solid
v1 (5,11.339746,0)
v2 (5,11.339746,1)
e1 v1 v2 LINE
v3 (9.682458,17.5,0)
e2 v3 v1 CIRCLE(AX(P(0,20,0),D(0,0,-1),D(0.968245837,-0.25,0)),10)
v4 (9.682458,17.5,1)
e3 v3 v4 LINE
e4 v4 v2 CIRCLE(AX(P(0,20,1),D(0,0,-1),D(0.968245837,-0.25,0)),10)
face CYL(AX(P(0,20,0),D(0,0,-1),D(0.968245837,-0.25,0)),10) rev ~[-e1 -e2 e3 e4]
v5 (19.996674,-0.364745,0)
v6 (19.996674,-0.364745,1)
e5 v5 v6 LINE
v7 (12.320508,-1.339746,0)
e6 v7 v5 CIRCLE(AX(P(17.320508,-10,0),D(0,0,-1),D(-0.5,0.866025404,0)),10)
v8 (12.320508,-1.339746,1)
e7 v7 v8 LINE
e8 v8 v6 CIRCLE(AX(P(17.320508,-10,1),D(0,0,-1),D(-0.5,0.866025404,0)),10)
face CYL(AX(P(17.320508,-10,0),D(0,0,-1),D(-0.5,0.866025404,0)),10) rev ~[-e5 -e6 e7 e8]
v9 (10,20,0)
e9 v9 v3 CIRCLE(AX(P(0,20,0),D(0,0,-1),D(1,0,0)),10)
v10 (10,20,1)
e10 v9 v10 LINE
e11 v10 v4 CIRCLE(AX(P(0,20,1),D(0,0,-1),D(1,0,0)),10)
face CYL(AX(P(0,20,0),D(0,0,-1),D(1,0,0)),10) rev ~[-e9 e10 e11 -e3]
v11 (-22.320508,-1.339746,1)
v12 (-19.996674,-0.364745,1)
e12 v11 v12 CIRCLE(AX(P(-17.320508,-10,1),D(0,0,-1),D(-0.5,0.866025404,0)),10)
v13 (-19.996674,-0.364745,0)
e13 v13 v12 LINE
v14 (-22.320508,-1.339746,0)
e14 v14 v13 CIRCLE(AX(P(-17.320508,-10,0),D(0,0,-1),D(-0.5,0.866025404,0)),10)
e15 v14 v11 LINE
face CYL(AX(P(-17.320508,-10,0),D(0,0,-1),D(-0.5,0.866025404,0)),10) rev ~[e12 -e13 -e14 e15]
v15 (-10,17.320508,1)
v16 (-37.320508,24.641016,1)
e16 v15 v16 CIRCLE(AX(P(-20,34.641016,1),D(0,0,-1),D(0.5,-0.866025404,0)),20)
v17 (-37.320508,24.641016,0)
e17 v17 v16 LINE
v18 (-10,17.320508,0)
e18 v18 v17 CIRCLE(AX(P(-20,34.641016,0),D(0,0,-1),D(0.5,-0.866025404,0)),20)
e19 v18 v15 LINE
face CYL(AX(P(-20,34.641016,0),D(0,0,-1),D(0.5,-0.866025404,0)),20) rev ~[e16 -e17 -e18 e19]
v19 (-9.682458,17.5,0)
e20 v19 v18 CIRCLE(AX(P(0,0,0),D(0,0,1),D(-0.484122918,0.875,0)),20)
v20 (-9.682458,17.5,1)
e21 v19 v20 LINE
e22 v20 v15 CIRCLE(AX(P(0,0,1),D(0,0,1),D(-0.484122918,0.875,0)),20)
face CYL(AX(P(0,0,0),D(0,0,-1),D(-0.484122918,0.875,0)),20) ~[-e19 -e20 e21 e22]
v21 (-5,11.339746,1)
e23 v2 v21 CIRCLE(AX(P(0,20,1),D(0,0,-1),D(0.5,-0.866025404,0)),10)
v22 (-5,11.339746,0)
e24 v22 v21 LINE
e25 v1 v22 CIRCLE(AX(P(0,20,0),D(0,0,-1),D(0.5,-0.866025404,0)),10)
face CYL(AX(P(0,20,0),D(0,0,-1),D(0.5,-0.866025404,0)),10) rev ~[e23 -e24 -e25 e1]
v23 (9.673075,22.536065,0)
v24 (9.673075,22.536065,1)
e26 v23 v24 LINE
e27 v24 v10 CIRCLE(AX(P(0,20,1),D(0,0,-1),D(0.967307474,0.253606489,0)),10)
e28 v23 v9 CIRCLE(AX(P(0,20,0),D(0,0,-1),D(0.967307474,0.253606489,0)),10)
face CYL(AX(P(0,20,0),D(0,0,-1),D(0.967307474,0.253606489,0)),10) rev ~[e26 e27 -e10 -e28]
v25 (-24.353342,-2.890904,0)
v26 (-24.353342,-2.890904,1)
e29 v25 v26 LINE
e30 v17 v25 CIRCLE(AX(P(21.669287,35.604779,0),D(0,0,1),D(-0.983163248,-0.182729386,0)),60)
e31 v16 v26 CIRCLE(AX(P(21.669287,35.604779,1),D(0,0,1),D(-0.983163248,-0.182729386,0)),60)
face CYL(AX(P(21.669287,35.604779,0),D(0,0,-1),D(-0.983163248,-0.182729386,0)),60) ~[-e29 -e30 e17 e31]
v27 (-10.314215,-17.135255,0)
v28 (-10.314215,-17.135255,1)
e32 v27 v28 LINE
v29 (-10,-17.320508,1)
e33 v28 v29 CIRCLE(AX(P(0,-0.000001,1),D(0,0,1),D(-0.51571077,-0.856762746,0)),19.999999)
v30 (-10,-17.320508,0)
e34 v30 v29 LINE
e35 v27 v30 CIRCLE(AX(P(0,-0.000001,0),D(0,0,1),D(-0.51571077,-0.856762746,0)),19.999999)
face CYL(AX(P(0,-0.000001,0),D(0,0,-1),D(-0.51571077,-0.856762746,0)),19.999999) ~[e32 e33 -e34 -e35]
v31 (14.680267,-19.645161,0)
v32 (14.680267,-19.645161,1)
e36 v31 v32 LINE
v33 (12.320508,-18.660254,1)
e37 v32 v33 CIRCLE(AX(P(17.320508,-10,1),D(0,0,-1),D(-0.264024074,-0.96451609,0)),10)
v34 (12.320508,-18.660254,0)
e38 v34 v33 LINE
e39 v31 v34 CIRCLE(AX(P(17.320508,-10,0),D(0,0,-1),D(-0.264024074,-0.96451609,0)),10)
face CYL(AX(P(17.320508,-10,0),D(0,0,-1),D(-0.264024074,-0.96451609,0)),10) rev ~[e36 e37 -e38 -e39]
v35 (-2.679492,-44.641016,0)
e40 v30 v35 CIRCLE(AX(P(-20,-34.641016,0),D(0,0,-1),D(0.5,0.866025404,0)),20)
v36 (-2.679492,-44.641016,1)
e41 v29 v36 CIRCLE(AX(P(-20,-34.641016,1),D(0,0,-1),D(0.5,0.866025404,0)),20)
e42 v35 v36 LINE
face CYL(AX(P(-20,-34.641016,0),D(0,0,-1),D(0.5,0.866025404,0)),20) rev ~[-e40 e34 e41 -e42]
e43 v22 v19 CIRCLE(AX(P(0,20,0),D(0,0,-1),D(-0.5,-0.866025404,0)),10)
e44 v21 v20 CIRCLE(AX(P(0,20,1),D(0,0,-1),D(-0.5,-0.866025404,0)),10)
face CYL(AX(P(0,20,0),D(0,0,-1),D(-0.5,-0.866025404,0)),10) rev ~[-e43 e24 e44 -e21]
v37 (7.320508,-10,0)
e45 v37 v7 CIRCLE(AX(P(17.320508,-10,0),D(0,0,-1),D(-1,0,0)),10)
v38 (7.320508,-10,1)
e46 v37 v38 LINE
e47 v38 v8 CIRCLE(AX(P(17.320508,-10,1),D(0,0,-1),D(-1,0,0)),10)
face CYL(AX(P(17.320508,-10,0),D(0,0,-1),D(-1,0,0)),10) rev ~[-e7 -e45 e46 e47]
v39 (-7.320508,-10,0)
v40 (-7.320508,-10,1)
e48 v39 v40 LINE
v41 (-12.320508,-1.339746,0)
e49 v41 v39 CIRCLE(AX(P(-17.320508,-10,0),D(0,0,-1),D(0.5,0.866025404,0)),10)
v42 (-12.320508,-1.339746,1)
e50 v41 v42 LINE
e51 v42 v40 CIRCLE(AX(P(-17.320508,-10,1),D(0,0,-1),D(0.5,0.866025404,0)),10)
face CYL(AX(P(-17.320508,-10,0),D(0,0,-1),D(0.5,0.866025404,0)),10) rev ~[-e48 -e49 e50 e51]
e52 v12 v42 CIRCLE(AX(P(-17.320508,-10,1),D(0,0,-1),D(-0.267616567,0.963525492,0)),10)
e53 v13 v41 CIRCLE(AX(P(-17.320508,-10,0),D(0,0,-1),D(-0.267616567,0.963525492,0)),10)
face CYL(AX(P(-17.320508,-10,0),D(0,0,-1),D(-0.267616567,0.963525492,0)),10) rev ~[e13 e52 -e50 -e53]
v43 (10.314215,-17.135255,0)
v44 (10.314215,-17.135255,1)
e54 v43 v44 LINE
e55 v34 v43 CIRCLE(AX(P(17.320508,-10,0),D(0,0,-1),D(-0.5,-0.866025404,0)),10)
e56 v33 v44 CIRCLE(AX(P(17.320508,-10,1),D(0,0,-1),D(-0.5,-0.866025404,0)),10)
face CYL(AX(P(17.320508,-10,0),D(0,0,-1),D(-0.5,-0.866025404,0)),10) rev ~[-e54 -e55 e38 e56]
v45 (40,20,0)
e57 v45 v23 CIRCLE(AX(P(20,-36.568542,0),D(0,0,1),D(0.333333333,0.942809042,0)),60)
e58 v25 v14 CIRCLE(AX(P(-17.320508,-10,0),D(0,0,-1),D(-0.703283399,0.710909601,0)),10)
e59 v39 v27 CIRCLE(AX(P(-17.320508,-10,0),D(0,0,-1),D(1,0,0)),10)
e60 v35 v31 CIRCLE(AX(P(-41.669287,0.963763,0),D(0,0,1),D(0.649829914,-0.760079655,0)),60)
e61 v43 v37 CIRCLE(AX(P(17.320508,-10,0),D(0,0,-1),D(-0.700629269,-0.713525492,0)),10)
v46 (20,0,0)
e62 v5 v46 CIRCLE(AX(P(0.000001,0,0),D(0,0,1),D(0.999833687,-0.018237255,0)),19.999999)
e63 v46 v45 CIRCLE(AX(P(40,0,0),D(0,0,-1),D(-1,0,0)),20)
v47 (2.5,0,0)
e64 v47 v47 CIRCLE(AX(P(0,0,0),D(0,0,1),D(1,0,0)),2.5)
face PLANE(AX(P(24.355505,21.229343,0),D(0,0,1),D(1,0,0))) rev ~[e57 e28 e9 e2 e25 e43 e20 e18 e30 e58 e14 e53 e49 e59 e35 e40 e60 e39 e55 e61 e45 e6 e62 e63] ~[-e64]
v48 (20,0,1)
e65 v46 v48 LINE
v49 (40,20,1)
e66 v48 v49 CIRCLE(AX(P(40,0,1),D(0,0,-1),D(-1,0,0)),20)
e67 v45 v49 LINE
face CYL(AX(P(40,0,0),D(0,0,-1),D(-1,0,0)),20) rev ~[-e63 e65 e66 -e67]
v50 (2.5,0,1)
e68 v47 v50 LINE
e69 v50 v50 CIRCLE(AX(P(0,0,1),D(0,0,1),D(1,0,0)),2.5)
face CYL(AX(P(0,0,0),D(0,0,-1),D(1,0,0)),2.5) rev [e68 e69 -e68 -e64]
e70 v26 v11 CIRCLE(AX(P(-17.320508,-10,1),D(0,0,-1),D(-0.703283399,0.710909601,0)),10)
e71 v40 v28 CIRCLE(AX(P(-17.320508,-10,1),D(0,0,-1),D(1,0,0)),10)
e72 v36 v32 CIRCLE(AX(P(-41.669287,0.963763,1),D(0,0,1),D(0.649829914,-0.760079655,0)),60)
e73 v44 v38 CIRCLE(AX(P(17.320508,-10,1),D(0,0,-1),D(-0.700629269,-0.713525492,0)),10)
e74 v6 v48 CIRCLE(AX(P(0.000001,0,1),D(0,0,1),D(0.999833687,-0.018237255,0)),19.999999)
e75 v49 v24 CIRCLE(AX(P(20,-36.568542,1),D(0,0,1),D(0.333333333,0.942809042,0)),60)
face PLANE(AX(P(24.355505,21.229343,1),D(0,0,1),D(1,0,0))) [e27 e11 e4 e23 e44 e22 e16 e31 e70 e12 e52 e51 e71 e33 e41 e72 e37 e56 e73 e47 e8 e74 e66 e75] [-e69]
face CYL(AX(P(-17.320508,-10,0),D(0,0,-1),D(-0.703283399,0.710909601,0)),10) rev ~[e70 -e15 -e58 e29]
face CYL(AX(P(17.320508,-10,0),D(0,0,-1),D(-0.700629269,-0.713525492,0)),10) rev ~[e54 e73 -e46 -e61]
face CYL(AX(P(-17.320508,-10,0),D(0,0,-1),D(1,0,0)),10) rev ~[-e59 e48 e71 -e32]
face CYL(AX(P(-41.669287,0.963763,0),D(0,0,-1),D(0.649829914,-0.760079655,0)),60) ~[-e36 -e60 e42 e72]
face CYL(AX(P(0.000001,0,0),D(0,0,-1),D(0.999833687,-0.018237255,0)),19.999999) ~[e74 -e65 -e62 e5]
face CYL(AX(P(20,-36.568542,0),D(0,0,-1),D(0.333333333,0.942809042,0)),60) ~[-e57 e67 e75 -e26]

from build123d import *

# Parameters (mm, degrees)
F0_R     = 2.5
F1_DEPTH = 1


with BuildPart() as f1:
    # F0 (on Top) → F1 (new body)
    with BuildSketch(Plane.XY):
        with BuildLine():
            Line((10, 20), (40, 20))
            ThreePointArc((40, 20), (25, 23.2227612206), (9.6730747363, 22.536064894))
            ThreePointArc((9.6730747363, 22.536064894), (9.9179319256, 21.2785250559), (10, 20))
        make_face()
        with BuildLine():
            ThreePointArc((14.6802673314, -19.6451609013), (13.4687772907, -19.2284435286), (12.3205080757, -18.6602540378))
            Line((12.3205080757, -18.6602540378), (-2.6794919243, -44.6410161514))
            ThreePointArc((-2.6794919243, -44.6410161514), (7.611501163, -33.2620157049), (14.6802673314, -19.6451609013))
        make_face()
        with BuildLine():
            Line((-22.3205080757, -1.3397459622), (-37.3205080757, 24.6410161514))
            ThreePointArc((-37.3205080757, 24.6410161514), (-32.611501163, 10.0392544843), (-24.3533420677, -2.8909039927))
            ThreePointArc((-24.3533420677, -2.8909039927), (-23.3867092163, -2.0500815274), (-22.3205080757, -1.3397459622))
        make_face()
        with BuildLine():
            ThreePointArc((9.6824583655, 17.5), (17.2285978436, 10.1575300317), (20, 0))
            ThreePointArc((20, 0), (25.8578643763, 14.1421356237), (40, 20))
            Line((40, 20), (10, 20))
            ThreePointArc((10, 20), (9.9202969627, 18.7399570752), (9.6824583655, 17.5))
        make_face()
        with BuildLine():
            ThreePointArc((-19.996673749, -0.3647450844), (-17.4109779689, 9.8416383883), (-10, 17.3205080757))
            ThreePointArc((-10, 17.3205080757), (-25.1763809021, 15.3224996256), (-37.3205080757, 24.6410161514))
            Line((-37.3205080757, 24.6410161514), (-22.3205080757, -1.3397459622))
            ThreePointArc((-22.3205080757, -1.3397459622), (-21.1894273743, -0.7787493548), (-19.996673749, -0.3647450844))
        make_face()
        with BuildLine():
            ThreePointArc((12.3205080757, -18.6602540378), (11.2691304116, -17.9612077203), (10.3142153835, -17.1352549156))
            ThreePointArc((10.3142153835, -17.1352549156), (0.1823801254, -19.99916842), (-10, -17.3205080757))
            ThreePointArc((-10, -17.3205080757), (-0.6814834742, -29.4646352493), (-2.6794919243, -44.6410161514))
            Line((-2.6794919243, -44.6410161514), (12.3205080757, -18.6602540378))
        make_face()
        with BuildLine():
            ThreePointArc((19.996673749, -0.3647450844), (19.99916842, -0.1823801254), (20, 0))
            ThreePointArc((20, 0), (17.2285978436, 10.1575300317), (9.6824583655, 17.5))
            ThreePointArc((9.6824583655, 17.5), (7.9612077203, 13.9486223359), (5, 11.3397459622))
            Line((5, 11.3397459622), (12.3205080757, -1.3397459622))
            ThreePointArc((12.3205080757, -1.3397459622), (16.0604651509, -0.0797030373), (19.996673749, -0.3647450844))
        make_face()
        with BuildLine():
            ThreePointArc((-5, 11.3397459622), (-7.9612077203, 13.9486223359), (-9.6824583655, 17.5))
            ThreePointArc((-9.6824583655, 17.5), (-9.8416383883, 17.4109779689), (-10, 17.3205080757))
            ThreePointArc((-10, 17.3205080757), (-17.4109779689, 9.8416383883), (-19.996673749, -0.3647450844))
            ThreePointArc((-19.996673749, -0.3647450844), (-16.0604651509, -0.0797030373), (-12.3205080757, -1.3397459622))
            Line((-12.3205080757, -1.3397459622), (-5, 11.3397459622))
        make_face()
        with BuildLine():
            ThreePointArc((-10, -17.3205080757), (0.1823801254, -19.99916842), (10.3142153835, -17.1352549156))
            ThreePointArc((10.3142153835, -17.1352549156), (8.0992574305, -13.8689192986), (7.3205080757, -10))
            Line((7.3205080757, -10), (-7.3205080757, -10))
            ThreePointArc((-7.3205080757, -10), (-8.0992574305, -13.8689192986), (-10.3142153835, -17.1352549156))
            ThreePointArc((-10.3142153835, -17.1352549156), (-10.1575300317, -17.2285978436), (-10, -17.3205080757))
        make_face()
        with BuildLine():
            Line((12.3205080757, -1.3397459622), (5, 11.3397459622))
            ThreePointArc((5, 11.3397459622), (0, 10), (-5, 11.3397459622))
            Line((-5, 11.3397459622), (-12.3205080757, -1.3397459622))
            ThreePointArc((-12.3205080757, -1.3397459622), (-8.6602540378, -5), (-7.3205080757, -10))
            Line((-7.3205080757, -10), (7.3205080757, -10))
            ThreePointArc((7.3205080757, -10), (8.6602540378, -5), (12.3205080757, -1.3397459622))
        make_face()
        Circle(F0_R, mode=Mode.SUBTRACT)
    extrude(amount=F1_DEPTH)


solid = f1.part
